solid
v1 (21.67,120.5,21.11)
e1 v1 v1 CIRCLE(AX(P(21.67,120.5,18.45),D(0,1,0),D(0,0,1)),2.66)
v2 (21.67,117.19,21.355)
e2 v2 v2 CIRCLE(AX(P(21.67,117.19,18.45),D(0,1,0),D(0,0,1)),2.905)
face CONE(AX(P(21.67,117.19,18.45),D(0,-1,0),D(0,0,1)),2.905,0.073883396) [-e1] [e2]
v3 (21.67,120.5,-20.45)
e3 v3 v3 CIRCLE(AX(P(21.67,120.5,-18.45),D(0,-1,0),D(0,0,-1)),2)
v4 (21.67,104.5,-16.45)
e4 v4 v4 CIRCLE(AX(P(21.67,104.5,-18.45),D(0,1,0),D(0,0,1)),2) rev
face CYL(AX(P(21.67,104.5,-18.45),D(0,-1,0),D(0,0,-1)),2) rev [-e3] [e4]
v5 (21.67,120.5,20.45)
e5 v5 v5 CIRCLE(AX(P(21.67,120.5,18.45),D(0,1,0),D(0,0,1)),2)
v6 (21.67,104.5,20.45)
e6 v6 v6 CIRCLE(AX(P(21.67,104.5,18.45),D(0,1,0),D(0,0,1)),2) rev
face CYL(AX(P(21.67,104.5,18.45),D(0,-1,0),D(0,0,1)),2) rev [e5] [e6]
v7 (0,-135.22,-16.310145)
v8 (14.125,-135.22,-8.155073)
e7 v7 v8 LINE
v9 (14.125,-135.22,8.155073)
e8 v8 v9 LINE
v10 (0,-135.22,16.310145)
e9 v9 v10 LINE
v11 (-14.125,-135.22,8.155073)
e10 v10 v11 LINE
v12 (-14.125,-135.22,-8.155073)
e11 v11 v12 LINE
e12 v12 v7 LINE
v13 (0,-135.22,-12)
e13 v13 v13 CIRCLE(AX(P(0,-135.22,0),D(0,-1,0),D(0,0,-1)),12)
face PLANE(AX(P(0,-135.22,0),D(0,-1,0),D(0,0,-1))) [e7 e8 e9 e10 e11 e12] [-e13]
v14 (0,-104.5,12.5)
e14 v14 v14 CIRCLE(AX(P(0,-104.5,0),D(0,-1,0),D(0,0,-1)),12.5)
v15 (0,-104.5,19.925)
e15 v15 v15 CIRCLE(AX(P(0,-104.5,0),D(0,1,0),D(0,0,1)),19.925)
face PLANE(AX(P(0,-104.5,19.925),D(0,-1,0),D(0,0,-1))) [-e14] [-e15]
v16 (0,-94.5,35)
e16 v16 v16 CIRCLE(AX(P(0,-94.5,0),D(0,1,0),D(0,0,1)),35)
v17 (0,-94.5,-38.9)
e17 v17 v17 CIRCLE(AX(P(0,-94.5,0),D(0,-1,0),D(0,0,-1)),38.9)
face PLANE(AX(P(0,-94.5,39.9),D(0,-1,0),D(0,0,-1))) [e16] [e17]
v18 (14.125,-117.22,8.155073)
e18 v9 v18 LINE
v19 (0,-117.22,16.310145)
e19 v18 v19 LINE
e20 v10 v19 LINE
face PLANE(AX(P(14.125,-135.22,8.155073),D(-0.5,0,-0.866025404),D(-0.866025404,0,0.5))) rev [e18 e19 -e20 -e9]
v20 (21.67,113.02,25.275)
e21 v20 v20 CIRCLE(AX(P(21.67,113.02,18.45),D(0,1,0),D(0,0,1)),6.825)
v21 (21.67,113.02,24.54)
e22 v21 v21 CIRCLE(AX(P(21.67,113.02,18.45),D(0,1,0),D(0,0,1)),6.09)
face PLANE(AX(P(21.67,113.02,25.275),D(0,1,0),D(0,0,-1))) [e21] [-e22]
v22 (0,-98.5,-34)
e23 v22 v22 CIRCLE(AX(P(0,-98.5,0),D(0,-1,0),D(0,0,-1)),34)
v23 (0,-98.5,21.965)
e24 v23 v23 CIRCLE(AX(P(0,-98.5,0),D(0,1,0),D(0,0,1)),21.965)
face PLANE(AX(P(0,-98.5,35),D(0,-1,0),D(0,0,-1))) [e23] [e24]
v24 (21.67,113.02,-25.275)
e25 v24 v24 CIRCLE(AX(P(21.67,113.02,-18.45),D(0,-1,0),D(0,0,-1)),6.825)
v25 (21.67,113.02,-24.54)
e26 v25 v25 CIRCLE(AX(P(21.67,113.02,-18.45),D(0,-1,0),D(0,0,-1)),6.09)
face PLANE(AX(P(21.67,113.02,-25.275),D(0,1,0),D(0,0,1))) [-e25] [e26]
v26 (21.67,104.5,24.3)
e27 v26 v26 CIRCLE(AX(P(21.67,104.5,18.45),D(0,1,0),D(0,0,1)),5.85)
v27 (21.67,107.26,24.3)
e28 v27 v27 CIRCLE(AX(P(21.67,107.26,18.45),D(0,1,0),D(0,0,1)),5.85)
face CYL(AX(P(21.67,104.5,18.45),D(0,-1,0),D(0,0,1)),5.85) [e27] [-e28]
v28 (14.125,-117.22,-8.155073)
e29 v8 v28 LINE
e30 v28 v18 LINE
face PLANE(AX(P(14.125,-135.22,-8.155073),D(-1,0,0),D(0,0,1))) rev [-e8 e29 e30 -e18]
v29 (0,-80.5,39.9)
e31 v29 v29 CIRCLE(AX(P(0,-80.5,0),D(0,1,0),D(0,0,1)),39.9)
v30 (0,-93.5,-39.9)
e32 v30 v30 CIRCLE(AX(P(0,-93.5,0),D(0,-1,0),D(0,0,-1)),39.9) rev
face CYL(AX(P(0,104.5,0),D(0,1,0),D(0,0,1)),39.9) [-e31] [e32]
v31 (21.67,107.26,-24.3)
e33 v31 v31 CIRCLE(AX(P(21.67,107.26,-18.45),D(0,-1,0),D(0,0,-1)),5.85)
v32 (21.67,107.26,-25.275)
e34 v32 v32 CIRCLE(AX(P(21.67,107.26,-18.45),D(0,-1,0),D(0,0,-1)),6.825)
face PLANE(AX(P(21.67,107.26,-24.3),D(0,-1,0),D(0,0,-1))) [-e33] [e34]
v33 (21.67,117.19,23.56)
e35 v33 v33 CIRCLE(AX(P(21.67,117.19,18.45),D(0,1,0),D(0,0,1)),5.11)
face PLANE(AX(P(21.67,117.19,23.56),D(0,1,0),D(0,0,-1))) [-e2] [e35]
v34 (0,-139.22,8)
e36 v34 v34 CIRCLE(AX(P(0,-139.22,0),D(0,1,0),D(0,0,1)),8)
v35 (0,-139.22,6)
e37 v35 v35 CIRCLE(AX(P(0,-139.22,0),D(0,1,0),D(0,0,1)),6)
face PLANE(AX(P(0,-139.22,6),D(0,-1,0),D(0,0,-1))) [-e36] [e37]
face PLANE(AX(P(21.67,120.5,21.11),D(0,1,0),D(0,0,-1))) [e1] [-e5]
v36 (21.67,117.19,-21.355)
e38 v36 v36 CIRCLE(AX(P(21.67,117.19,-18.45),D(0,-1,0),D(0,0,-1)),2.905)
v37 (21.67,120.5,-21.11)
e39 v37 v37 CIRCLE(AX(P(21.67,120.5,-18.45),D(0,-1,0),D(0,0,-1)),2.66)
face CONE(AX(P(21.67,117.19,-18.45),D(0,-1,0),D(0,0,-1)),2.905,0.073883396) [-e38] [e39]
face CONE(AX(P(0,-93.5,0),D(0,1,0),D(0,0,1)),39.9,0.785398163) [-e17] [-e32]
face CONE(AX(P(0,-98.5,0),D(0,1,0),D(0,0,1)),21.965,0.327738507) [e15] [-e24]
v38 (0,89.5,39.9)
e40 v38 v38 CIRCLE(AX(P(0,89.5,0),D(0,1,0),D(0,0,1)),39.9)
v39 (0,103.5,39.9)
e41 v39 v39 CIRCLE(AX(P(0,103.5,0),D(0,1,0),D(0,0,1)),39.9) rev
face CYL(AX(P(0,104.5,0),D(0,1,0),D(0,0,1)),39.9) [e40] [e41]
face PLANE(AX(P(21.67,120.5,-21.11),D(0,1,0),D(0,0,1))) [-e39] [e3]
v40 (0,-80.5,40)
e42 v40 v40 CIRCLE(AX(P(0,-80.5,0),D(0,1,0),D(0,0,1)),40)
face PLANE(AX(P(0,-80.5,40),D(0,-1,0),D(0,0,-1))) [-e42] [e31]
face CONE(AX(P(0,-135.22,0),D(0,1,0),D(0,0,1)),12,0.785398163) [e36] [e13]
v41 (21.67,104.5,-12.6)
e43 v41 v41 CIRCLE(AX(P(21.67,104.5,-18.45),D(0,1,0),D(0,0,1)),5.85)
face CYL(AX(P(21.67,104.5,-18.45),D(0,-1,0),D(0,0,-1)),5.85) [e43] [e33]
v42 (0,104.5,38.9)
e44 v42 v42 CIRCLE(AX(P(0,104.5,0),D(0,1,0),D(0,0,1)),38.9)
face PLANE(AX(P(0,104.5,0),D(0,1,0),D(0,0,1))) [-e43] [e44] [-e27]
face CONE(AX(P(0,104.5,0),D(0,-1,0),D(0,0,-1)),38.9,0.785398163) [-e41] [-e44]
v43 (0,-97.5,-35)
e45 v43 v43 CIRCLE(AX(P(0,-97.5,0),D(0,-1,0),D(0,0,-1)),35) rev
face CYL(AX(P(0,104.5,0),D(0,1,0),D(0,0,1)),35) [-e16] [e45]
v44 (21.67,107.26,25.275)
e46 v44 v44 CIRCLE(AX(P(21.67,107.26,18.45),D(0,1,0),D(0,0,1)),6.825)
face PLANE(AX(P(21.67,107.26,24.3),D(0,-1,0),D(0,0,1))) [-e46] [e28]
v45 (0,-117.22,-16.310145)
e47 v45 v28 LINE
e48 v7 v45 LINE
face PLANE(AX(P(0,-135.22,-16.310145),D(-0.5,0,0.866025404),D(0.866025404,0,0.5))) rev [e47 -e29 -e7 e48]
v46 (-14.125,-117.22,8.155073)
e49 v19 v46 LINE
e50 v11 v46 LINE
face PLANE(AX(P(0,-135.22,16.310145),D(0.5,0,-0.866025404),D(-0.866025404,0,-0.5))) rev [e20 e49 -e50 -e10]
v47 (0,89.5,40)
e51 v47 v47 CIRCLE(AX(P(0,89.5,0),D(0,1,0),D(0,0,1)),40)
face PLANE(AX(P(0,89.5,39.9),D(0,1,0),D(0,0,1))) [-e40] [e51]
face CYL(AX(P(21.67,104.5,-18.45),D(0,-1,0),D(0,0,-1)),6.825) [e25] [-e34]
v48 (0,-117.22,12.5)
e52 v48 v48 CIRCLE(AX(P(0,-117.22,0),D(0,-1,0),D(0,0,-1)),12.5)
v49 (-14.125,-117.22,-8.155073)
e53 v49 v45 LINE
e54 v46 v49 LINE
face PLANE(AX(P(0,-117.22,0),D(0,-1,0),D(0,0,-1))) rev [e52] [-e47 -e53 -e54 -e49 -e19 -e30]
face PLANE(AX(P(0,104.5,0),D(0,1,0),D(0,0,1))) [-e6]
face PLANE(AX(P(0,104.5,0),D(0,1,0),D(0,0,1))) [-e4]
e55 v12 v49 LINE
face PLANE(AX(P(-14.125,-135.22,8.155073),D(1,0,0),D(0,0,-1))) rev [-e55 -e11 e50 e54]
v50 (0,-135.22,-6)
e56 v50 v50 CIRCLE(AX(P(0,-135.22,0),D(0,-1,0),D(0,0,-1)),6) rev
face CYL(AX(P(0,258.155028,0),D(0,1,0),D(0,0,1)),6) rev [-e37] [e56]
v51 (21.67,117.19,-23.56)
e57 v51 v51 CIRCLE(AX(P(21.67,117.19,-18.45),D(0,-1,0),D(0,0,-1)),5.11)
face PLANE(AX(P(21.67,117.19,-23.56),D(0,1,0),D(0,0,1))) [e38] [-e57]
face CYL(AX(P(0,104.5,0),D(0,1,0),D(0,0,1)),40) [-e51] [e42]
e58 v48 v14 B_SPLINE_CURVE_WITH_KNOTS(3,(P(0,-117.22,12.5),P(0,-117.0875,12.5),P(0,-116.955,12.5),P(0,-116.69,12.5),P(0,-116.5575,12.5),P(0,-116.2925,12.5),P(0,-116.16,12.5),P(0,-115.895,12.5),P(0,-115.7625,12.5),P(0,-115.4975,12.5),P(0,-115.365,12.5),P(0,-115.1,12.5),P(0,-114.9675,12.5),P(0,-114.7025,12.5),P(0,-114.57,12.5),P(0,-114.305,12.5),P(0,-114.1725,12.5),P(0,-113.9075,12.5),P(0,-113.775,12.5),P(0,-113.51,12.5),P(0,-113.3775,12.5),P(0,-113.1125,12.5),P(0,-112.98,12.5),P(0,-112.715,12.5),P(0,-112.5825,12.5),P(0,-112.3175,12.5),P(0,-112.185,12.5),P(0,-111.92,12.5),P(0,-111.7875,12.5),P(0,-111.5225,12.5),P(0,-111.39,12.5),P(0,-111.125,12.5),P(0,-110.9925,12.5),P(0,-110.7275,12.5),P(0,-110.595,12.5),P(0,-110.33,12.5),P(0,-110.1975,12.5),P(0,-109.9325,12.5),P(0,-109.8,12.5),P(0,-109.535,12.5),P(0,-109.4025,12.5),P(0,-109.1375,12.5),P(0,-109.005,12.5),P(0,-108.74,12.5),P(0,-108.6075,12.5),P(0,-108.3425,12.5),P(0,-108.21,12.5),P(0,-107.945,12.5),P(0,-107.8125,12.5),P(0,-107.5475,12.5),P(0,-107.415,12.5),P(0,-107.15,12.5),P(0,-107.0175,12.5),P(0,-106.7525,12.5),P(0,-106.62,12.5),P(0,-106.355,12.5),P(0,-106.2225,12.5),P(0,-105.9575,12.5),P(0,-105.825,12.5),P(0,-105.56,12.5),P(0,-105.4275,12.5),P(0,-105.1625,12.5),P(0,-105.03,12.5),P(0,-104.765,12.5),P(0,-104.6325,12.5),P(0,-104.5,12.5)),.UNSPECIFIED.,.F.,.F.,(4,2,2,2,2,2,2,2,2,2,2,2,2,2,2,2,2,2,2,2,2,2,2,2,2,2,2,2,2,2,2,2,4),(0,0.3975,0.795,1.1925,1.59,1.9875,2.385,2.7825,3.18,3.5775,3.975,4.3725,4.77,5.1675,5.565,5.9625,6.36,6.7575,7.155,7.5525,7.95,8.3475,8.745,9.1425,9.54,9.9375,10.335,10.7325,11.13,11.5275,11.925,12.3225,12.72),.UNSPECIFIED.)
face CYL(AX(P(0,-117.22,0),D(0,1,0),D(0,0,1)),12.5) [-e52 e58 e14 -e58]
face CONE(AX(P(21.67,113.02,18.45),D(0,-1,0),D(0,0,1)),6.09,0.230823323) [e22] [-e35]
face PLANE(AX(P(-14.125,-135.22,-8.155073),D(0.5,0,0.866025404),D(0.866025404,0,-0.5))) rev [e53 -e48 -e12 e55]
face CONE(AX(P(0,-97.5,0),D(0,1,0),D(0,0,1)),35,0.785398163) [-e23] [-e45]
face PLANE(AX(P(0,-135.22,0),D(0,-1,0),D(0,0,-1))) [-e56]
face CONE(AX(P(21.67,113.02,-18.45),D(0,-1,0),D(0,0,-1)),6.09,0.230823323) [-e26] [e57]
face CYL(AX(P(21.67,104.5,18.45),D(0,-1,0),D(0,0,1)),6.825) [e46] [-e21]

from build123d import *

# Parameters (mm, degrees)
SKETCH2_R           = 12.5
BOSS_EXTRUDE1_DEPTH = 12.72
CHAMFER1_SIZE       = 1
BOSS_EXTRUDE2_DEPTH = 18


with BuildPart() as part:
    # Sketch1 → Revolve1 (revolve)
    with BuildSketch(Plane(origin=(0, 0, 0), x_dir=(0, 0, -1), z_dir=(1, 0, 0))):
        Polygon((0, 104.5), (0, -104.5), (-19.925, -104.5), (-21.965, -98.5), (-35, -98.5), (-35, -94.5), (-39.9, -94.5), (-39.9, -80.5), (-40, -80.5), (-40, 89.5), (-39.9, 89.5), (-39.9, 104.5), align=None)
    revolve(axis=Axis((0, 104.5, 0), (0, -1, 0)))

    # Sketch2 → Boss-Extrude1 (add)
    with BuildSketch(Plane.XZ.offset(104.5)):
        with Locations(Location((0, 0, 0), (0, 0, 90))):
            Circle(SKETCH2_R)
    extrude(amount=BOSS_EXTRUDE1_DEPTH)

    # Chamfer1
    chamfer1_edges = [part.edges().sort_by_distance(p)[0] for p in [
        (0, -98.5, -35),
        (0, -94.5, -39.9),
        (0, 104.5, -39.9),
    ]]
    chamfer(chamfer1_edges, length=CHAMFER1_SIZE)

    # Sketch3 → Boss-Extrude2 (add)
    with BuildSketch(Plane.XZ.offset(117.22)):
        Polygon((0, 16.310145105), (-14.125, 8.155072552), (-14.125, -8.155072552), (0, -16.310145105), (14.125, -8.155072552), (14.125, 8.155072552), align=None)
    extrude(amount=BOSS_EXTRUDE2_DEPTH)

    # Sketch4 → Revolve2 (revolve)
    with BuildSketch(Plane(origin=(0, 0, 0), x_dir=(0, 0, -1), z_dir=(1, 0, 0)), mode=Mode.PRIVATE) as revolve2_sk:
        Polygon((-6, -135.22), (-6, -139.22), (-8, -139.22), (-12, -135.22), align=None)
    revolve(revolve2_sk.sketch.rotate(Axis((0, 258.155027854, 0), (0, -1, 0)), 180), axis=Axis((0, 258.155027854, 0), (0, -1, 0)))

    # Sketch6 → Revolve3 (revolve)
    with BuildSketch(Plane(origin=(21.67, 0, 0), x_dir=(0, 0, -1), z_dir=(1, 0, 0))):
        Polygon((20.45, 104.5), (24.3, 104.5), (24.3, 107.26), (25.275, 107.26), (25.275, 113.02), (24.54, 113.02), (23.56, 117.19), (21.355, 117.19), (21.11, 120.5), (20.45, 120.5), align=None)
    revolve3 = revolve(axis=Axis((21.67, 104.5, -18.45), (0, 1, 0)))

    # Mirror1: Revolve3 across plane
    add(revolve3.mirror(Plane.XY))


solid = part.part
